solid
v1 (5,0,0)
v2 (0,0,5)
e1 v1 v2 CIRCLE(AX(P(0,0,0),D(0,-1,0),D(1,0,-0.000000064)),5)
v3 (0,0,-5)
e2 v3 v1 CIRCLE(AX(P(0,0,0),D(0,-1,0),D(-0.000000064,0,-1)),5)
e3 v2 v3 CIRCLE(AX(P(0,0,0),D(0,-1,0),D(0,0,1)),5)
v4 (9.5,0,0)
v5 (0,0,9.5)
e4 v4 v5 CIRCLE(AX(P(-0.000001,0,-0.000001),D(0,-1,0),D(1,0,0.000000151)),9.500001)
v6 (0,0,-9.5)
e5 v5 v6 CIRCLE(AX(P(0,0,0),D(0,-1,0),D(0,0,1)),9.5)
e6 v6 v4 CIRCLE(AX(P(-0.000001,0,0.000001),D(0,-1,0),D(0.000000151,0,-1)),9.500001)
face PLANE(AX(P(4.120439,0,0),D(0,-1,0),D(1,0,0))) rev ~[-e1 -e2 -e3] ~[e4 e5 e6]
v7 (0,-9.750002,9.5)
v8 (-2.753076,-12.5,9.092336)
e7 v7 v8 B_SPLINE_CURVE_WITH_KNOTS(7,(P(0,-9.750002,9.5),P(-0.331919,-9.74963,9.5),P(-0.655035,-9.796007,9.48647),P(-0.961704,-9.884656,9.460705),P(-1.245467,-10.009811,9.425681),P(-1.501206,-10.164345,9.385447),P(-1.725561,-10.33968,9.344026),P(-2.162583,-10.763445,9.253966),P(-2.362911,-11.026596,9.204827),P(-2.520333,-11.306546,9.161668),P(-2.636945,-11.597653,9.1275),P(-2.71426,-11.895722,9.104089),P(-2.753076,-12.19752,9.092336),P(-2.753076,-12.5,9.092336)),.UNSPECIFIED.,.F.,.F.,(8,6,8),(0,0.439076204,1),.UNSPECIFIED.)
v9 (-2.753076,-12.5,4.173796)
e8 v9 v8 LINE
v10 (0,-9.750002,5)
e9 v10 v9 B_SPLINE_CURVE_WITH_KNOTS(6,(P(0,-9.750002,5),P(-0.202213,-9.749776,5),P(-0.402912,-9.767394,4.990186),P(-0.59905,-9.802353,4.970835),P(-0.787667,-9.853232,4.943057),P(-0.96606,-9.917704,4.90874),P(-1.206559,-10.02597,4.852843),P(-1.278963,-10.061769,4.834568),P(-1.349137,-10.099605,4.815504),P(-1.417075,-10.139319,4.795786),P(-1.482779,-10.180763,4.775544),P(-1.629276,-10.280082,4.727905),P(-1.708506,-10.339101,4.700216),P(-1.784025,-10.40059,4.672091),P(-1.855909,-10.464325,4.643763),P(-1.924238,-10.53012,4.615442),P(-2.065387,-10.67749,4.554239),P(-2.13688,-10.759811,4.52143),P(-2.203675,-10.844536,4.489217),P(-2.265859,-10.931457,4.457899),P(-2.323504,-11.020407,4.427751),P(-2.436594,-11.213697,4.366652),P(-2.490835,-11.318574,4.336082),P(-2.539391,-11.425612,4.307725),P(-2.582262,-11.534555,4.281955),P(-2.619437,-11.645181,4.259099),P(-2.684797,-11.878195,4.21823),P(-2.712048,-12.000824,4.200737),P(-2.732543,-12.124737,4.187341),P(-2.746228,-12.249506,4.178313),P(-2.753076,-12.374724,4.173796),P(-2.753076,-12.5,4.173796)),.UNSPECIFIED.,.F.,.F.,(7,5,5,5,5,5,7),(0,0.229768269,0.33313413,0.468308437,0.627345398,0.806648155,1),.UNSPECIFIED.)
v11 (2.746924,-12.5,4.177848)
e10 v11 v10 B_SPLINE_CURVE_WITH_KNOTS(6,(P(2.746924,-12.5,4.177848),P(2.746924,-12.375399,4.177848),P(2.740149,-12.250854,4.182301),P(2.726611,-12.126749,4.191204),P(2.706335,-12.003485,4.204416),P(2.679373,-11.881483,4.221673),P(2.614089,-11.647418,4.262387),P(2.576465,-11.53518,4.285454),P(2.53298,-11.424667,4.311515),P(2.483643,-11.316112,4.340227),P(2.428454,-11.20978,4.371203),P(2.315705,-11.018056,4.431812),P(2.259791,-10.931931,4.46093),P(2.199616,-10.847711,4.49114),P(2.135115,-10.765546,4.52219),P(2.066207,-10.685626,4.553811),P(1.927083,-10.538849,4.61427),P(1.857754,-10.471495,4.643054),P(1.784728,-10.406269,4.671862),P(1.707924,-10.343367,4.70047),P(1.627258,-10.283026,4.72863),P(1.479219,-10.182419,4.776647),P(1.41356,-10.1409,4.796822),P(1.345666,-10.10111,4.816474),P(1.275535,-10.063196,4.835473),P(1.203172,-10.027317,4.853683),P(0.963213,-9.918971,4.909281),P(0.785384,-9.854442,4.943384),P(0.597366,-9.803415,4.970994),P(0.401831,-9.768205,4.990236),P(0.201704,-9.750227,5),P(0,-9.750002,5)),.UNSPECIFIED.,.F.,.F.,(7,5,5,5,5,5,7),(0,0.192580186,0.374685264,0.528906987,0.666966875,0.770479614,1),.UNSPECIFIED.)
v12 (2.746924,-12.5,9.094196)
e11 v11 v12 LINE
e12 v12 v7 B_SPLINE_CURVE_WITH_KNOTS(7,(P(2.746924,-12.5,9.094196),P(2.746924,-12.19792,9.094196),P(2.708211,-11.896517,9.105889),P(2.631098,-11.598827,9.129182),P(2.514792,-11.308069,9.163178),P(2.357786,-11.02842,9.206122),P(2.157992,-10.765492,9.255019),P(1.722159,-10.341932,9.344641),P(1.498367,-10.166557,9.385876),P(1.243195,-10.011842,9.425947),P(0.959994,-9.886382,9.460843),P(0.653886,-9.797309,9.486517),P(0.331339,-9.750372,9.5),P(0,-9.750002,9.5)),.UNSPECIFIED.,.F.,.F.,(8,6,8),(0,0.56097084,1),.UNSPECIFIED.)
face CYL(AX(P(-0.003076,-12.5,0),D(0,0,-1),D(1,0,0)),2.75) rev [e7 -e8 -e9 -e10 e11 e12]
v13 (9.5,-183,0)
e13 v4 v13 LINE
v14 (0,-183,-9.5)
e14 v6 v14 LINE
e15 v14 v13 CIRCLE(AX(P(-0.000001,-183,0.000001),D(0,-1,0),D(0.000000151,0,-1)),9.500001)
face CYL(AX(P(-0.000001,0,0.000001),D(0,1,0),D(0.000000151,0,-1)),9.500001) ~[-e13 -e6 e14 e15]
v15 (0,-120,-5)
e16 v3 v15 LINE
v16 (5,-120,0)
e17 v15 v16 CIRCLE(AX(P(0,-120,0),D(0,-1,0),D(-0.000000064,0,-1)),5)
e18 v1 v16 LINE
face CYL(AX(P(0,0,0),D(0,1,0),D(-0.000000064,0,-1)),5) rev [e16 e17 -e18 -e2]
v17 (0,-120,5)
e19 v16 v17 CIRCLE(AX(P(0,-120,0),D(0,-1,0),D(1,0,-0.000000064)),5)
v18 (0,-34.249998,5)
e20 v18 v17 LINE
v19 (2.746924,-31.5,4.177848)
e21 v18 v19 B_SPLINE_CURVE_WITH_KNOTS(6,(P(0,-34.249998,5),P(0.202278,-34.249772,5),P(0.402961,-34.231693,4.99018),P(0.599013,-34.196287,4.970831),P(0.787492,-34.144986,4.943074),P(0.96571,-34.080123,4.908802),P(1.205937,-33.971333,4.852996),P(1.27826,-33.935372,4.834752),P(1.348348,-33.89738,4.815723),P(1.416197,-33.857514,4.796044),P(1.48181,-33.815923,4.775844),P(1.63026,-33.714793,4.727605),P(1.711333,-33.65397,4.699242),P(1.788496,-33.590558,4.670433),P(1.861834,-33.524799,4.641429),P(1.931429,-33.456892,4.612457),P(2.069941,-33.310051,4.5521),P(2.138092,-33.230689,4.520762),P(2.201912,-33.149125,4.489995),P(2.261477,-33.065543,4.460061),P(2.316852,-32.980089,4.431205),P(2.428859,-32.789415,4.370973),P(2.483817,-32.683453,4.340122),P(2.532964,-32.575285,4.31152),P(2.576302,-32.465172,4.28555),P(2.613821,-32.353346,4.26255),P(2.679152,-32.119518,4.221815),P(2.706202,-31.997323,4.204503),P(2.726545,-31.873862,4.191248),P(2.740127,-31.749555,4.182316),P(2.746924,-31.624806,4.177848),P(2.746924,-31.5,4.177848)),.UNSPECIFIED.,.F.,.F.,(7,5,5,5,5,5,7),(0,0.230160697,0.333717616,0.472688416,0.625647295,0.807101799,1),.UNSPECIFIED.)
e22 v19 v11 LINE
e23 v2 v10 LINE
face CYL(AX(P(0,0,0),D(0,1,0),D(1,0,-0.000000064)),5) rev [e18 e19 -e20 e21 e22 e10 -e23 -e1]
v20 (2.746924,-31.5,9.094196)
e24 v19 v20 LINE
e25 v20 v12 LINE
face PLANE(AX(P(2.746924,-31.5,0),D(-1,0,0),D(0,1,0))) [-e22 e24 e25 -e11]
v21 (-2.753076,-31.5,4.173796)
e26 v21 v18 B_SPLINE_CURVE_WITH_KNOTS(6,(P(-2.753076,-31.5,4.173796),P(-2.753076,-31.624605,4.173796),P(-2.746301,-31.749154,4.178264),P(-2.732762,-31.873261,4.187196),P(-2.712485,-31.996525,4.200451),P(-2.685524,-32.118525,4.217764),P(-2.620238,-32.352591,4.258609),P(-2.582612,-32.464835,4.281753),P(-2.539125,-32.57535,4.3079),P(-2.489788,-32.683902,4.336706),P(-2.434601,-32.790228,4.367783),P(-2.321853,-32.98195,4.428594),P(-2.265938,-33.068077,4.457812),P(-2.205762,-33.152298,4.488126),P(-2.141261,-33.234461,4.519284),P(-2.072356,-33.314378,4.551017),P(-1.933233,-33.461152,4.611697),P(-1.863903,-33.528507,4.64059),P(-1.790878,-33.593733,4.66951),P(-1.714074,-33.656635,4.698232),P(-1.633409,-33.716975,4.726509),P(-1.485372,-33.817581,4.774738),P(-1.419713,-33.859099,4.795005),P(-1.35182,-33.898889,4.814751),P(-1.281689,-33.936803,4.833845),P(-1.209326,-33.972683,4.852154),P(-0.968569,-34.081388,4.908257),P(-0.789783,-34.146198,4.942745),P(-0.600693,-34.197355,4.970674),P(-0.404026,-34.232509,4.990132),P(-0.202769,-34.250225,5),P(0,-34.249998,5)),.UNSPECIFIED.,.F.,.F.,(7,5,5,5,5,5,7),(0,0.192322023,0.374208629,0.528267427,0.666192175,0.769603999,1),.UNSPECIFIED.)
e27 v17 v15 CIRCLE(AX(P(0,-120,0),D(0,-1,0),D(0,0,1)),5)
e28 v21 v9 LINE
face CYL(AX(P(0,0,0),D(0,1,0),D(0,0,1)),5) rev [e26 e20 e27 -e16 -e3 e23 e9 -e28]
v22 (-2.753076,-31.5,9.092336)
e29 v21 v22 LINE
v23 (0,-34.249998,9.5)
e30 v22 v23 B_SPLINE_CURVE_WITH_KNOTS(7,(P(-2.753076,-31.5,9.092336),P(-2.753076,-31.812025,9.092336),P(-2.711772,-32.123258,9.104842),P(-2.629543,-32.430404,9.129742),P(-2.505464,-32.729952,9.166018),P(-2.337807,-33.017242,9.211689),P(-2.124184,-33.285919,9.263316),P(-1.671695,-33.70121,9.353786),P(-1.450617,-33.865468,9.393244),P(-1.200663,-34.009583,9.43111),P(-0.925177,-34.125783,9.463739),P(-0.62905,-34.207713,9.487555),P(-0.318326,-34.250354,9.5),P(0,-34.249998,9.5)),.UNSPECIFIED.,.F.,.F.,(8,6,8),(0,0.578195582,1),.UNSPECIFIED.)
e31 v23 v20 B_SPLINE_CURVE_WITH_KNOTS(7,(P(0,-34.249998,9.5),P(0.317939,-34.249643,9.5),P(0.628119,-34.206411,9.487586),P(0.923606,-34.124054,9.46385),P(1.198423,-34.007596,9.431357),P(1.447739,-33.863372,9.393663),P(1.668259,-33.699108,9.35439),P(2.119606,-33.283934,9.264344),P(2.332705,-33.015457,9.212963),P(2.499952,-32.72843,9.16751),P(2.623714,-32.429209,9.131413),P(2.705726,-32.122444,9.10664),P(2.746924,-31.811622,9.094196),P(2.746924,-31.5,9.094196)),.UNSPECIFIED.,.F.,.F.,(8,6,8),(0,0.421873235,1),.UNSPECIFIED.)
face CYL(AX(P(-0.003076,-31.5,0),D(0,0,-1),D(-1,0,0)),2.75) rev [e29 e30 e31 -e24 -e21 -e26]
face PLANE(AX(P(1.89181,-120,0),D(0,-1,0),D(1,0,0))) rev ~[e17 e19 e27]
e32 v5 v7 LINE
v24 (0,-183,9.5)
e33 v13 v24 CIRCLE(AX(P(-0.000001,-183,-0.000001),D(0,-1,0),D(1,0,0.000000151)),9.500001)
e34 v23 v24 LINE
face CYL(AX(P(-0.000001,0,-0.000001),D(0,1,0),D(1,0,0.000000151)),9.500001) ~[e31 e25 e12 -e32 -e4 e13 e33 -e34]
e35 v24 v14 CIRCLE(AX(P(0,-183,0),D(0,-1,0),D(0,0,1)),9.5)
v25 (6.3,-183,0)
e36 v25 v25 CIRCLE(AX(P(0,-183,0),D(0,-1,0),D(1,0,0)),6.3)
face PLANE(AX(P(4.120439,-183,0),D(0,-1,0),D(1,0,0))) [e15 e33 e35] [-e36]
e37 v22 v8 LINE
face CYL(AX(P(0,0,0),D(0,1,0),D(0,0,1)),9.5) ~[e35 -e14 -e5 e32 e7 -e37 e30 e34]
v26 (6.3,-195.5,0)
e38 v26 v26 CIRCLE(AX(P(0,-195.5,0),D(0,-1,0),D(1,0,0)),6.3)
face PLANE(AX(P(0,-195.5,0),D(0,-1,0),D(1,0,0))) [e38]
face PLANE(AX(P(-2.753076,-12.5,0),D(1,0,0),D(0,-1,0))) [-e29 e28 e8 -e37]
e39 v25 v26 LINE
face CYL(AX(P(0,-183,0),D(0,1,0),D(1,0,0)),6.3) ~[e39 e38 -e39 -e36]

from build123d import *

# Parameters (mm, degrees)
F1_DEPTH = 183
F2_DEPTH = 120
F4_DEPTH = 25
F5_R     = 6.3
F6_DEPTH = 12.5


with BuildPart() as f1:
    # F0 (on Front) → F1 (new body)
    with BuildSketch(Plane.XZ):
        with BuildLine():
            ThreePointArc((0, -9.5), (6.717514, -6.717514), (9.5, 0))
            ThreePointArc((9.5, 0), (6.717514, 6.717514), (0, 9.5))
            Line((0, 9.5), (0, 5))
            ThreePointArc((0, 5), (3.535534, 3.535534), (5, 0))
            ThreePointArc((5, 0), (3.535534, -3.535534), (0, -5))
            Line((0, -5), (0, -9.5))
        make_face()
        with BuildLine():
            ThreePointArc((5, 0), (3.535534, 3.535534), (0, 5))
            Line((0, 5), (0, -5))
            ThreePointArc((0, -5), (3.535534, -3.535534), (5, 0))
        make_face()
        with BuildLine():
            Line((0, -5), (0, 5))
            ThreePointArc((0, 5), (-5, 0), (0, -5))
        make_face()
        with BuildLine():
            Line((0, 5), (0, 9.5))
            ThreePointArc((0, 9.5), (-9.5, 0), (0, -9.5))
            Line((0, -9.5), (0, -5))
            ThreePointArc((0, -5), (-5, 0), (0, 5))
        make_face()
    extrude(amount=F1_DEPTH)

    # F0 (on Front) → F2 (cut)
    with BuildSketch(Plane.XZ):
        with BuildLine():
            ThreePointArc((5, 0), (3.535534, 3.535534), (0, 5))
            Line((0, 5), (0, -5))
            ThreePointArc((0, -5), (3.535534, -3.535534), (5, 0))
        make_face()
        with BuildLine():
            Line((0, -5), (0, 5))
            ThreePointArc((0, 5), (-5, 0), (0, -5))
        make_face()
    extrude(amount=F2_DEPTH, mode=Mode.SUBTRACT)

    # F3 (on Top) → F4 (cut)
    with BuildSketch(Plane.XY):
        with BuildLine():
            Line((2.746924, -31.5), (2.746924, -12.5))
            ThreePointArc((2.746924, -12.5), (-0.003076, -9.75), (-2.753076, -12.5))
            Line((-2.753076, -12.5), (-2.753076, -31.5))
            ThreePointArc((-2.753076, -31.5), (-0.003076, -34.25), (2.746924, -31.5))
        make_face()
    extrude(amount=F4_DEPTH, mode=Mode.SUBTRACT)

    # F5 (on face) → F6 (join)
    with BuildSketch(Plane.XZ.offset(183)):
        Circle(F5_R)
    extrude(amount=F6_DEPTH)


solid = f1.part
